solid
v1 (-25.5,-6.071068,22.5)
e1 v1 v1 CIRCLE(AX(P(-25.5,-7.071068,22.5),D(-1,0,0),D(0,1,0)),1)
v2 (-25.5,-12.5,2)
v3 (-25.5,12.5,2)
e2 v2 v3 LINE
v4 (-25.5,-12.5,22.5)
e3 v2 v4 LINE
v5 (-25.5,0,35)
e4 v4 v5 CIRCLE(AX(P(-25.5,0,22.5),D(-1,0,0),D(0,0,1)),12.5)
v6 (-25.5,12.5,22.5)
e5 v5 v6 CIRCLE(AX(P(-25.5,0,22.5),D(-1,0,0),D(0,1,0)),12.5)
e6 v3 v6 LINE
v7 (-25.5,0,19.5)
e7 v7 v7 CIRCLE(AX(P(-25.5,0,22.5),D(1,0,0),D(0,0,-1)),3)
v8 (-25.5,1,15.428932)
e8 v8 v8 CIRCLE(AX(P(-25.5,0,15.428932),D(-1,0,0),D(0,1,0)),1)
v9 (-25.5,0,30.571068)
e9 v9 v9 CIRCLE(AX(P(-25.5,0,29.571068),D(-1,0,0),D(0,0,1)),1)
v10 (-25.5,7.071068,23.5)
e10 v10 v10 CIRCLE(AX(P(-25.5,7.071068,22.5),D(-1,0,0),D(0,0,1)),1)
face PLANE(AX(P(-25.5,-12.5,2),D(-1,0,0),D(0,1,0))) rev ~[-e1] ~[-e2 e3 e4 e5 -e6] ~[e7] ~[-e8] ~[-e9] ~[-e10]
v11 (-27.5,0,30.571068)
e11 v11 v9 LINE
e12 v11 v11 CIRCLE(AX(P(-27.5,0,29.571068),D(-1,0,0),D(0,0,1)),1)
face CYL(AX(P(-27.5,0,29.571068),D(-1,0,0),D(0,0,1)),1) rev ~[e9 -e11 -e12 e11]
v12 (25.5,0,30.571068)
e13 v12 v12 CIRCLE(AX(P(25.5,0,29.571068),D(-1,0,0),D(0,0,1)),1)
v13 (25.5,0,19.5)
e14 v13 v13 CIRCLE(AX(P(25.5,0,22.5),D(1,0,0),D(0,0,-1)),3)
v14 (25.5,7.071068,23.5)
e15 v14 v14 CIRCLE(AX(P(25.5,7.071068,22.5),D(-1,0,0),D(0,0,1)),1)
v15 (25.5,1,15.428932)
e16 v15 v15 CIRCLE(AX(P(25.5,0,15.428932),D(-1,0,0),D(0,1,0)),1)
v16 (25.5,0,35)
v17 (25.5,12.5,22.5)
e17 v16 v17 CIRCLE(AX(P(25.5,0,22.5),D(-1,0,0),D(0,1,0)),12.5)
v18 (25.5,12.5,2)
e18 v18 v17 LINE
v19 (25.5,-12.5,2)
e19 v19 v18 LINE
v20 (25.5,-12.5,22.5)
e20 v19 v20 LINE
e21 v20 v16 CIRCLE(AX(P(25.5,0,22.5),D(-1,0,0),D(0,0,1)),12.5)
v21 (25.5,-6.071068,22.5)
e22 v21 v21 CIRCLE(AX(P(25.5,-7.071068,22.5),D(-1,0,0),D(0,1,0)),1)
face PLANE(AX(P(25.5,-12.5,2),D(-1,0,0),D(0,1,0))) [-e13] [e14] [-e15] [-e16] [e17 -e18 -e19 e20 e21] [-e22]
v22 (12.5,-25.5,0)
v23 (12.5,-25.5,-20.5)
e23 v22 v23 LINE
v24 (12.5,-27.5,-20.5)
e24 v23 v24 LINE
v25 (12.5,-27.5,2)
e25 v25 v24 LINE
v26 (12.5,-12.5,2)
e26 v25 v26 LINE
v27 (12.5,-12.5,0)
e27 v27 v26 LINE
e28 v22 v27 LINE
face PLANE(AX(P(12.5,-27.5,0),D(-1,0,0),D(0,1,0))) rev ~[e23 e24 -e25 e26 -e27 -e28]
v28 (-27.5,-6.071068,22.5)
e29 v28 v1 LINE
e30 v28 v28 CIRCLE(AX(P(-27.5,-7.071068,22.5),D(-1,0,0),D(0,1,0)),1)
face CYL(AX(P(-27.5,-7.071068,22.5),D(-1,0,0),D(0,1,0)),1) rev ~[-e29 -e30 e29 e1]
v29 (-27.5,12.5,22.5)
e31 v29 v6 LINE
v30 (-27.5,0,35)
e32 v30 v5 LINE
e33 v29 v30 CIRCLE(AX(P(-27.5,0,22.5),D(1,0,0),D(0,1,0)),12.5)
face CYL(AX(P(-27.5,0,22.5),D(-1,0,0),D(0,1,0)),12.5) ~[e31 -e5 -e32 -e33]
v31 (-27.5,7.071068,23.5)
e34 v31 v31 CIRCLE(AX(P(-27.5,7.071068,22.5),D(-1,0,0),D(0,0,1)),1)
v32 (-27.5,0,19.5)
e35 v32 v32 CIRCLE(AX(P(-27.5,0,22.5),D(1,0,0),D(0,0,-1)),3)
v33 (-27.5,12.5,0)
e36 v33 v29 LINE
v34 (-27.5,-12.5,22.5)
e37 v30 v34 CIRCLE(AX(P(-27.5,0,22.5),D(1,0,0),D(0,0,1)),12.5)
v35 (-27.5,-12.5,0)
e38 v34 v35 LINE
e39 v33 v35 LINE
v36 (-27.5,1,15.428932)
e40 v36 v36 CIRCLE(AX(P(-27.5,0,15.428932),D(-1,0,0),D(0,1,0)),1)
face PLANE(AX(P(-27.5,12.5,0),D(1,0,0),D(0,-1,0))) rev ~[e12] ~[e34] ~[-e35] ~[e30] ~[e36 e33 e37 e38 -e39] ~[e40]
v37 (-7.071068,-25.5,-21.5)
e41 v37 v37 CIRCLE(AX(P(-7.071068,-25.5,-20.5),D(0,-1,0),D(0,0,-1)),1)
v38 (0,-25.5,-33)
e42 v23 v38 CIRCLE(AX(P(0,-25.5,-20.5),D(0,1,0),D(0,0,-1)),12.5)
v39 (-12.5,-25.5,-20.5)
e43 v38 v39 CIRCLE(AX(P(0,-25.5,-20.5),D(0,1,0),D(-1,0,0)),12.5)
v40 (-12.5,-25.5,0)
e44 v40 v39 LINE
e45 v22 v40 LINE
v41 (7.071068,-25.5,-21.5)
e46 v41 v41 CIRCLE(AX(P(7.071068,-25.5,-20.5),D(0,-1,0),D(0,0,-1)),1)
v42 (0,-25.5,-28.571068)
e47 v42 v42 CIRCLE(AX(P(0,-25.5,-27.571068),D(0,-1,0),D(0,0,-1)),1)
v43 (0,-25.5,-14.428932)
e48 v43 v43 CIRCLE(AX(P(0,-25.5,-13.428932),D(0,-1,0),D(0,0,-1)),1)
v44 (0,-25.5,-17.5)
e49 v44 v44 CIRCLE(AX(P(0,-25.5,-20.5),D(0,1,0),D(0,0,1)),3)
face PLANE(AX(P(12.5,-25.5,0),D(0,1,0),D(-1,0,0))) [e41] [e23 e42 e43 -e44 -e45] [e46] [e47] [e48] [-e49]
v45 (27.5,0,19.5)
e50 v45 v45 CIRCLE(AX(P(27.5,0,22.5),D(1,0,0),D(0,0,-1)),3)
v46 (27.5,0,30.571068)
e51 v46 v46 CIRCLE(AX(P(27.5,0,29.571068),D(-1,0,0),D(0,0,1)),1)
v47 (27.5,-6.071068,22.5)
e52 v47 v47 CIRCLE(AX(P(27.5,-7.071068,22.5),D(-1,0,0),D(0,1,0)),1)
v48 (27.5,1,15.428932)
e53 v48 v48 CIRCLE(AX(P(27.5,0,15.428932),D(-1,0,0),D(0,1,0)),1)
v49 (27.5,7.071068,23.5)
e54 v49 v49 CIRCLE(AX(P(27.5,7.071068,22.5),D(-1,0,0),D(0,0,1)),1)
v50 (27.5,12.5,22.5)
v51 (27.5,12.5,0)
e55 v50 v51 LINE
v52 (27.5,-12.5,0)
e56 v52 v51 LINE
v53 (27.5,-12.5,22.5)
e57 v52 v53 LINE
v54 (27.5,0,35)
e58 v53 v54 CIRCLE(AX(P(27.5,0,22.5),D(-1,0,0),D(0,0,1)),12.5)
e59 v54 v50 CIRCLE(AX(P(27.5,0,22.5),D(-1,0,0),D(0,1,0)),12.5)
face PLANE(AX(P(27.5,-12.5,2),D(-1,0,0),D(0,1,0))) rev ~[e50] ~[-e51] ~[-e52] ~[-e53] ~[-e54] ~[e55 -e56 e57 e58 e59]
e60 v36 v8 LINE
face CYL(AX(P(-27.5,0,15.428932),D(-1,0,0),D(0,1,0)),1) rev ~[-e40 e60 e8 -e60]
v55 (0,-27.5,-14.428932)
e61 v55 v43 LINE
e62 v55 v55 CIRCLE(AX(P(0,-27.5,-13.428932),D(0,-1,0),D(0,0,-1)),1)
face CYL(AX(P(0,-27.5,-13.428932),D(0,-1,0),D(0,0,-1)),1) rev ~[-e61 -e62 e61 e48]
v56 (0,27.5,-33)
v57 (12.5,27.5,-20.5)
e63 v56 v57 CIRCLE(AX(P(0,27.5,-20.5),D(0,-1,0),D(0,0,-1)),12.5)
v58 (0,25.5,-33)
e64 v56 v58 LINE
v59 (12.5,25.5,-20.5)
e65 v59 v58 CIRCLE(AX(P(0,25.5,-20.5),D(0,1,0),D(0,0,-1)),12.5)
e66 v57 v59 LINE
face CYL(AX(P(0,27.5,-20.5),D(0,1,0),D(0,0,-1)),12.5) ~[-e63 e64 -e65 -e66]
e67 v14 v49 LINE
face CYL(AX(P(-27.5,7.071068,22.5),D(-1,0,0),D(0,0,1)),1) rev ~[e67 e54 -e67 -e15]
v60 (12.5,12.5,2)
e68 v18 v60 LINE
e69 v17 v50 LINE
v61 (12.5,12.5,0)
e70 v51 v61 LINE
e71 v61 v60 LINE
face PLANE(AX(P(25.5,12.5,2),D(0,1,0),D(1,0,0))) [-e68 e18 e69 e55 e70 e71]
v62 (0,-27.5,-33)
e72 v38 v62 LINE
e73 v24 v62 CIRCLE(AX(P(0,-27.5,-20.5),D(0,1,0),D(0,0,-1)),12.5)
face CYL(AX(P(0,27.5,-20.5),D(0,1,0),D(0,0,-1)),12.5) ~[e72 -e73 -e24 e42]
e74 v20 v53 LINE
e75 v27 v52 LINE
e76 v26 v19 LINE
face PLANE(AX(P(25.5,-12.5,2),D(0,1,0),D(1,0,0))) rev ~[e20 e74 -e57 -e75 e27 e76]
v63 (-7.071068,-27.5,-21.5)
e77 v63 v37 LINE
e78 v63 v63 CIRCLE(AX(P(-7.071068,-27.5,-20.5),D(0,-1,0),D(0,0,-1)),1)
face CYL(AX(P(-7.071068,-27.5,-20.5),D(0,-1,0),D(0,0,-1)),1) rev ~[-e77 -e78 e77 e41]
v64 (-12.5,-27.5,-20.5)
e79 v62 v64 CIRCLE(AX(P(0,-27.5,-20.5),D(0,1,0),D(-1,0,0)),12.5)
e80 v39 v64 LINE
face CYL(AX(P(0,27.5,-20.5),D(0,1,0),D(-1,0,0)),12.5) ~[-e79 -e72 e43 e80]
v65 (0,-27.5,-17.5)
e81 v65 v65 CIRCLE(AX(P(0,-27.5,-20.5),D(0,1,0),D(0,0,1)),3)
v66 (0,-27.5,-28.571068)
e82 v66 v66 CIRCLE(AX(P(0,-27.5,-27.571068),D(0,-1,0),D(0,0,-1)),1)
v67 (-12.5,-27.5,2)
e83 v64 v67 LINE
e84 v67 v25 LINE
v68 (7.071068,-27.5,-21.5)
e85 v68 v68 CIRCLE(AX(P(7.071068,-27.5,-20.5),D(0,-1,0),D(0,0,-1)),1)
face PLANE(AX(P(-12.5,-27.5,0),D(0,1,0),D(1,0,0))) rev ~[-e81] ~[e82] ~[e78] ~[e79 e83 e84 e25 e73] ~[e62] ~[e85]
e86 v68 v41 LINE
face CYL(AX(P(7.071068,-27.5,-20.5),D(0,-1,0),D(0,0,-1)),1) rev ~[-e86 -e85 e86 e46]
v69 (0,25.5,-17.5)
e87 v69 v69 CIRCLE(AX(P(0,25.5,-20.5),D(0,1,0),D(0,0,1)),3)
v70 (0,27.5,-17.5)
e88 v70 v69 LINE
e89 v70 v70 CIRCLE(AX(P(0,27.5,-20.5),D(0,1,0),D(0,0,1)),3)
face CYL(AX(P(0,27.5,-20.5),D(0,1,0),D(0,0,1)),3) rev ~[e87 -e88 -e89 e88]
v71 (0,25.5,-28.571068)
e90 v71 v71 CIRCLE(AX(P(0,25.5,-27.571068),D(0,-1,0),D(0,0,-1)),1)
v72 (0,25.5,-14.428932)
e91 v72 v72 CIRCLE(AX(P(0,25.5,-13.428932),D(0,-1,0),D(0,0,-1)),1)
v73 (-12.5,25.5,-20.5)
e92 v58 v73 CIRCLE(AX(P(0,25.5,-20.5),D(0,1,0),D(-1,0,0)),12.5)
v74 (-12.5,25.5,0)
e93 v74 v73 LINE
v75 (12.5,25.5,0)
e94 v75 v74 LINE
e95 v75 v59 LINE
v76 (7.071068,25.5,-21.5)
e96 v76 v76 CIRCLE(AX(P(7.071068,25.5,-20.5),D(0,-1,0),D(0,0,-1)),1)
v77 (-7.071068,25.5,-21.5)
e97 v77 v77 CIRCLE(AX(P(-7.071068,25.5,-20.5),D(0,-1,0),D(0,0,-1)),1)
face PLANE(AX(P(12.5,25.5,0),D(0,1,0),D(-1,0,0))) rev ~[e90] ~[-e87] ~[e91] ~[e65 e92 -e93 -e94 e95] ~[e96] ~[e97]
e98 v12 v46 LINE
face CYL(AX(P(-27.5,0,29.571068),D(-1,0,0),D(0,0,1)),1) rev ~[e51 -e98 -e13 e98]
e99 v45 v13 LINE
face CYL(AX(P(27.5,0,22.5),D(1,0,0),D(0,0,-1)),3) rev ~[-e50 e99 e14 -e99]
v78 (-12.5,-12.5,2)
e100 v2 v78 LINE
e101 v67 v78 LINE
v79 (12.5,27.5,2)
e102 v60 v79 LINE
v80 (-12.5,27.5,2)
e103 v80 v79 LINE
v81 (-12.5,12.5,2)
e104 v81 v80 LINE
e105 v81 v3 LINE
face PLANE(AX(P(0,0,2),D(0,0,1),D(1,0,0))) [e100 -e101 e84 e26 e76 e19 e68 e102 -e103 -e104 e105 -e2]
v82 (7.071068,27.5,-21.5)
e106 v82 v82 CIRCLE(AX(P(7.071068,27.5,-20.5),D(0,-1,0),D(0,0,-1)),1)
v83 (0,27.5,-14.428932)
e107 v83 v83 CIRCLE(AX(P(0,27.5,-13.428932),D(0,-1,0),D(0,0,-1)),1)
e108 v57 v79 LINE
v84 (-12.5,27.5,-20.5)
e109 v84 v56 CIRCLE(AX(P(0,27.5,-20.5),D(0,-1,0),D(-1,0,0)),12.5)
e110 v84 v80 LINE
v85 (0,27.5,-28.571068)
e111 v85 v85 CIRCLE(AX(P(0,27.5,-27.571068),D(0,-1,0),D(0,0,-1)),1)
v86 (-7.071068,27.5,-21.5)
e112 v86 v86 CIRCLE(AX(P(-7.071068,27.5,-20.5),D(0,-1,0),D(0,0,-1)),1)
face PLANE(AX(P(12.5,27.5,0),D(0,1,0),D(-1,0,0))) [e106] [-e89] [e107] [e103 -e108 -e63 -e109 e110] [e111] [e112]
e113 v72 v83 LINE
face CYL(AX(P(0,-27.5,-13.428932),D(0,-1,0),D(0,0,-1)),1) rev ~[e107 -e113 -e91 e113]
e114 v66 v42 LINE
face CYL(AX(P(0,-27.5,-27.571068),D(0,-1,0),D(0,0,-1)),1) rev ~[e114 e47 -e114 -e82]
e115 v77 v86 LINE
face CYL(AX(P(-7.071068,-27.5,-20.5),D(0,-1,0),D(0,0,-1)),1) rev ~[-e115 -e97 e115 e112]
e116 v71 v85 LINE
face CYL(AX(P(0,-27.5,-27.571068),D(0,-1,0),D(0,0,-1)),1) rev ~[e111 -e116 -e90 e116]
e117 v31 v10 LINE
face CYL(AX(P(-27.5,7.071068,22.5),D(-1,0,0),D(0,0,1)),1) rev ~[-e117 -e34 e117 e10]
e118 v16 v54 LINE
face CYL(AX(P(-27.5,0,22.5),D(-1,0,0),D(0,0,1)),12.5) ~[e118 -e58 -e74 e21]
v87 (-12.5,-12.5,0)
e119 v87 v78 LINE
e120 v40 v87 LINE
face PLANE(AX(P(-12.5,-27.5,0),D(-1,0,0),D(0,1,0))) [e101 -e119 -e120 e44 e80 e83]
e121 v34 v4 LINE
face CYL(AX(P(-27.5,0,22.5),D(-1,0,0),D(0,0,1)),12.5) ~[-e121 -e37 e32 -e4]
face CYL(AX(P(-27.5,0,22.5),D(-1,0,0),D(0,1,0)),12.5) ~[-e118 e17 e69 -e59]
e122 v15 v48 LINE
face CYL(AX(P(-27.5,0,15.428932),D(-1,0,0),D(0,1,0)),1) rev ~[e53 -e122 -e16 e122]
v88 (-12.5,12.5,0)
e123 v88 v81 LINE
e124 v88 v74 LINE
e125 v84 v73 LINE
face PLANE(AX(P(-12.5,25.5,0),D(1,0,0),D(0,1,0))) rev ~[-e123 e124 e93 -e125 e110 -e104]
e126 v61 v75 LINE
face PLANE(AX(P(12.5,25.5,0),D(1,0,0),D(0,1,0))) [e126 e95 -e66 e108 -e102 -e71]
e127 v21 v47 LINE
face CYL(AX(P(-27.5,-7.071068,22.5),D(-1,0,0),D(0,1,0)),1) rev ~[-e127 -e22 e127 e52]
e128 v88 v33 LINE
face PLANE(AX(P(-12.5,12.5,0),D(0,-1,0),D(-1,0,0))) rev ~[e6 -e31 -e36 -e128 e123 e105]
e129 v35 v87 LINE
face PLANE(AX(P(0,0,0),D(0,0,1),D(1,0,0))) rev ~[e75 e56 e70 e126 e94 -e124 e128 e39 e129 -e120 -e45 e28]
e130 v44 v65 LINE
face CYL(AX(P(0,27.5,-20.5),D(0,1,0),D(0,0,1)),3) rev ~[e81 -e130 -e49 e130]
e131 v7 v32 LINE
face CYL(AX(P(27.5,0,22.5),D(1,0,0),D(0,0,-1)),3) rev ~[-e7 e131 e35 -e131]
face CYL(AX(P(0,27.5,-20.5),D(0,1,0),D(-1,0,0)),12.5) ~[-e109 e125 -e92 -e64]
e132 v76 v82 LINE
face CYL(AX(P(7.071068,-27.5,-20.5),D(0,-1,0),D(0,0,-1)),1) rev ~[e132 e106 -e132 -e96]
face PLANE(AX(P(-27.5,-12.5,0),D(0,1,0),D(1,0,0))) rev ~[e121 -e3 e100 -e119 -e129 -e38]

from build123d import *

# Parameters (mm, degrees)
SKETCH_1_W          = 25
SKETCH_1_H          = 15
EXTRUDE_2_DEPTH     = 2
SKETCH_3_W          = 2
SKETCH_3_H          = 25
EXTRUDE_3_DEPTH     = 33
SKETCH_4_W          = 25
SKETCH_4_H          = 2
EXTRUDE_4_DEPTH     = 33
SKETCH_5_R          = 1
CUT_EXTRUDE_2_DEPTH = 71.75485849
SKETCH_6_R          = 1
CUT_EXTRUDE_3_DEPTH = 71.75485849
SKETCH_7_R          = 3
CUT_EXTRUDE_4_DEPTH = 71.75485849
SKETCH_8_R          = 3
CUT_EXTRUDE_5_DEPTH = 71.75485849
SKETCH_9_R          = 12.5
SKETCH_9_R_2        = 3
EXTRUDE_5_DEPTH     = 2
SKETCH_10_R         = 12.5
SKETCH_10_R_2       = 3
EXTRUDE_6_DEPTH     = 2
SKETCH_11_R         = 1
CUT_EXTRUDE_6_DEPTH = 71.75485849
SKETCH_12_R         = 12.5
SKETCH_12_R_2       = 3
EXTRUDE_7_DEPTH     = 2
EXTRUDE_START       = -2
SKETCH_13_R         = 12.5
SKETCH_13_R_2       = 3
EXTRUDE_8_DEPTH     = 2
SKETCH_14_R         = 1
CUT_EXTRUDE_7_DEPTH = 71.75485849


with BuildPart() as part:
    # 草图1 → 凸台-拉伸2 (new body)
    with BuildSketch(Plane.XY):
        Polygon((-12.5, 12.5), (-27.5, 12.5), (-27.5, -12.5), (-12.5, -12.5), (12.5, -12.5), (27.5, -12.5), (27.5, 12.5), (12.5, 12.5), align=None)
        with Locations((0, 20)):
            Rectangle(SKETCH_1_W, SKETCH_1_H)
        with Locations((0, -20)):
            Rectangle(SKETCH_1_W, SKETCH_1_H)
    extrude(amount=EXTRUDE_2_DEPTH)

    # 草图3 → 凸台-拉伸3 (add)
    with BuildSketch(Plane.XY.offset(2)):
        with Locations((26.5, 0)):
            Rectangle(SKETCH_3_W, SKETCH_3_H)
        with Locations((-26.5, 0)):
            Rectangle(SKETCH_3_W, SKETCH_3_H)
    extrude(amount=EXTRUDE_3_DEPTH)

    # 草图4 → 凸台-拉伸4 (add)
    with BuildSketch(Plane(origin=(0, 0, 0), x_dir=(-1, 0, 0), z_dir=(0, 0, -1))):
        with Locations((0, 26.5)):
            Rectangle(SKETCH_4_W, SKETCH_4_H)
        with Locations((0, -26.5)):
            Rectangle(SKETCH_4_W, SKETCH_4_H)
    extrude(amount=EXTRUDE_4_DEPTH)

    # 草图5 → 切除-拉伸2 (cut, through all)
    with BuildSketch(Plane.ZY.offset(27.5)):
        with BuildLine():
            Line((35, 12.5), (22.5, 12.5))
            ThreePointArc((22.5, 12.5), (31.338834765, 8.838834765), (35, 0))
            Line((35, 0), (35, 12.5))
        make_face()
        with BuildLine():
            Line((35, -12.5), (35, 0))
            ThreePointArc((35, 0), (31.338834765, -8.838834765), (22.5, -12.5))
            Line((22.5, -12.5), (35, -12.5))
        make_face()
        with Locations((29.682514636, 0)):
            Circle(SKETCH_5_R)
        with Locations((22.5, 6.957836122)):
            Circle(SKETCH_5_R)
        with Locations((15.317485364, 0)):
            Circle(SKETCH_5_R)
        with Locations((22.5, -6.957836122)):
            Circle(SKETCH_5_R)
    extrude(amount=-CUT_EXTRUDE_2_DEPTH, mode=Mode.SUBTRACT)

    # 草图6 → 切除-拉伸3 (cut, through all)
    with BuildSketch(Plane(origin=(0, 27.5, 0), x_dir=(1, 0, 0), z_dir=(0, 1, 0))):
        with BuildLine():
            Line((-12.5, 33), (-12.5, 20.5))
            ThreePointArc((-12.5, 20.5), (-8.838834765, 29.338834765), (0, 33))
            Line((0, 33), (-12.5, 33))
        make_face()
        with BuildLine():
            ThreePointArc((0, 33), (8.838834765, 29.338834765), (12.5, 20.5))
            Line((12.5, 20.5), (12.5, 33))
            Line((12.5, 33), (0, 33))
        make_face()
        with Locations(Location((6.473248516, 20.5, 0), (0, 0, 270))):
            Circle(SKETCH_6_R)
        with Locations(Location((0, 28.122142327, 0), (0, 0, 270))):
            Circle(SKETCH_6_R)
        with Locations(Location((-6.473248516, 20.5, 0), (0, 0, 270))):
            Circle(SKETCH_6_R)
        with Locations(Location((0, 12.877857673, 0), (0, 0, 270))):
            Circle(SKETCH_6_R)
    extrude(amount=-CUT_EXTRUDE_3_DEPTH, mode=Mode.SUBTRACT)

    # 草图7 → 切除-拉伸4 (cut, through all)
    with BuildSketch(Plane(origin=(0, 27.5, 0), x_dir=(1, 0, 0), z_dir=(0, 1, 0))):
        with Locations(Location((0, 20.5, 0), (0, 0, 270))):
            Circle(SKETCH_7_R)
    extrude(amount=-CUT_EXTRUDE_4_DEPTH, mode=Mode.SUBTRACT)

    # 草图8 → 切除-拉伸5 (cut, through all)
    with BuildSketch(Plane(origin=(27.5, 0, 0), x_dir=(0, 0, -1), z_dir=(1, 0, 0))):
        with Locations((-22.5, 0)):
            Circle(SKETCH_8_R)
    extrude(amount=-CUT_EXTRUDE_5_DEPTH, mode=Mode.SUBTRACT)

    # 草图9 → 凸台-拉伸5 (add)
    with BuildSketch(Plane(origin=(27.5, 0, 0), x_dir=(0, 0, -1), z_dir=(1, 0, 0))):
        with Locations((-22.5, 0)):
            Circle(SKETCH_9_R)
        with Locations((-22.5, 0)):
            Circle(SKETCH_9_R_2, mode=Mode.SUBTRACT)
    extrude(amount=-EXTRUDE_5_DEPTH)

    # 草图10 → 凸台-拉伸6 (add)
    with BuildSketch(Plane.ZY.offset(27.5)):
        with Locations((22.5, 0)):
            Circle(SKETCH_10_R)
        with Locations(Location((22.5, 0, 0), (0, 0, 180))):
            Circle(SKETCH_10_R_2, mode=Mode.SUBTRACT)
    extrude(amount=-EXTRUDE_6_DEPTH)

    # 草图11 → 切除-拉伸6 (cut, through all)
    with BuildSketch(Plane.ZY.offset(27.5)):
        with Locations((22.5, 7.071067812)):
            Circle(SKETCH_11_R)
        with Locations((29.571067812, 0)):
            Circle(SKETCH_11_R)
        with Locations(Location((22.5, -7.071067812, 0), (0, 0, 90))):
            Circle(SKETCH_11_R)
        with Locations(Location((15.428932188, 0, 0), (0, 0, 90))):
            Circle(SKETCH_11_R)
    extrude(amount=-CUT_EXTRUDE_6_DEPTH, mode=Mode.SUBTRACT)

    # 草图12 → 凸台-拉伸7 (add)
    with BuildSketch(Plane(origin=(0, 27.5, 0), x_dir=(1, 0, 0), z_dir=(0, 1, 0))):
        with Locations((0, 20.5)):
            Circle(SKETCH_12_R)
        with Locations(Location((0, 20.5, 0), (0, 0, 270))):
            Circle(SKETCH_12_R_2, mode=Mode.SUBTRACT)
    extrude(amount=-EXTRUDE_7_DEPTH)

    # 草图13 → 凸台-拉伸8 (add)
    with BuildSketch(Plane.XZ.offset(27.5).offset(EXTRUDE_START)):
        with Locations((0, -20.5)):
            Circle(SKETCH_13_R)
        with Locations(Location((0, -20.5, 0), (0, 0, 90))):
            Circle(SKETCH_13_R_2, mode=Mode.SUBTRACT)
    extrude(amount=EXTRUDE_8_DEPTH)

    # 草图14 → 切除-拉伸7 (cut, through all)
    with BuildSketch(Plane(origin=(0, -27.5, 0), x_dir=(-1, 0, 0), z_dir=(0, -1, 0))):
        with Locations(Location((0, 13.428932188, 0), (0, 0, 90))):
            Circle(SKETCH_14_R)
        with Locations(Location((-7.071067812, 20.5, 0), (0, 0, 90))):
            Circle(SKETCH_14_R)
        with Locations(Location((0, 27.571067812, 0), (0, 0, 90))):
            Circle(SKETCH_14_R)
        with Locations(Location((7.071067812, 20.5, 0), (0, 0, 90))):
            Circle(SKETCH_14_R)
    extrude(amount=-CUT_EXTRUDE_7_DEPTH, mode=Mode.SUBTRACT)


solid = part.part
